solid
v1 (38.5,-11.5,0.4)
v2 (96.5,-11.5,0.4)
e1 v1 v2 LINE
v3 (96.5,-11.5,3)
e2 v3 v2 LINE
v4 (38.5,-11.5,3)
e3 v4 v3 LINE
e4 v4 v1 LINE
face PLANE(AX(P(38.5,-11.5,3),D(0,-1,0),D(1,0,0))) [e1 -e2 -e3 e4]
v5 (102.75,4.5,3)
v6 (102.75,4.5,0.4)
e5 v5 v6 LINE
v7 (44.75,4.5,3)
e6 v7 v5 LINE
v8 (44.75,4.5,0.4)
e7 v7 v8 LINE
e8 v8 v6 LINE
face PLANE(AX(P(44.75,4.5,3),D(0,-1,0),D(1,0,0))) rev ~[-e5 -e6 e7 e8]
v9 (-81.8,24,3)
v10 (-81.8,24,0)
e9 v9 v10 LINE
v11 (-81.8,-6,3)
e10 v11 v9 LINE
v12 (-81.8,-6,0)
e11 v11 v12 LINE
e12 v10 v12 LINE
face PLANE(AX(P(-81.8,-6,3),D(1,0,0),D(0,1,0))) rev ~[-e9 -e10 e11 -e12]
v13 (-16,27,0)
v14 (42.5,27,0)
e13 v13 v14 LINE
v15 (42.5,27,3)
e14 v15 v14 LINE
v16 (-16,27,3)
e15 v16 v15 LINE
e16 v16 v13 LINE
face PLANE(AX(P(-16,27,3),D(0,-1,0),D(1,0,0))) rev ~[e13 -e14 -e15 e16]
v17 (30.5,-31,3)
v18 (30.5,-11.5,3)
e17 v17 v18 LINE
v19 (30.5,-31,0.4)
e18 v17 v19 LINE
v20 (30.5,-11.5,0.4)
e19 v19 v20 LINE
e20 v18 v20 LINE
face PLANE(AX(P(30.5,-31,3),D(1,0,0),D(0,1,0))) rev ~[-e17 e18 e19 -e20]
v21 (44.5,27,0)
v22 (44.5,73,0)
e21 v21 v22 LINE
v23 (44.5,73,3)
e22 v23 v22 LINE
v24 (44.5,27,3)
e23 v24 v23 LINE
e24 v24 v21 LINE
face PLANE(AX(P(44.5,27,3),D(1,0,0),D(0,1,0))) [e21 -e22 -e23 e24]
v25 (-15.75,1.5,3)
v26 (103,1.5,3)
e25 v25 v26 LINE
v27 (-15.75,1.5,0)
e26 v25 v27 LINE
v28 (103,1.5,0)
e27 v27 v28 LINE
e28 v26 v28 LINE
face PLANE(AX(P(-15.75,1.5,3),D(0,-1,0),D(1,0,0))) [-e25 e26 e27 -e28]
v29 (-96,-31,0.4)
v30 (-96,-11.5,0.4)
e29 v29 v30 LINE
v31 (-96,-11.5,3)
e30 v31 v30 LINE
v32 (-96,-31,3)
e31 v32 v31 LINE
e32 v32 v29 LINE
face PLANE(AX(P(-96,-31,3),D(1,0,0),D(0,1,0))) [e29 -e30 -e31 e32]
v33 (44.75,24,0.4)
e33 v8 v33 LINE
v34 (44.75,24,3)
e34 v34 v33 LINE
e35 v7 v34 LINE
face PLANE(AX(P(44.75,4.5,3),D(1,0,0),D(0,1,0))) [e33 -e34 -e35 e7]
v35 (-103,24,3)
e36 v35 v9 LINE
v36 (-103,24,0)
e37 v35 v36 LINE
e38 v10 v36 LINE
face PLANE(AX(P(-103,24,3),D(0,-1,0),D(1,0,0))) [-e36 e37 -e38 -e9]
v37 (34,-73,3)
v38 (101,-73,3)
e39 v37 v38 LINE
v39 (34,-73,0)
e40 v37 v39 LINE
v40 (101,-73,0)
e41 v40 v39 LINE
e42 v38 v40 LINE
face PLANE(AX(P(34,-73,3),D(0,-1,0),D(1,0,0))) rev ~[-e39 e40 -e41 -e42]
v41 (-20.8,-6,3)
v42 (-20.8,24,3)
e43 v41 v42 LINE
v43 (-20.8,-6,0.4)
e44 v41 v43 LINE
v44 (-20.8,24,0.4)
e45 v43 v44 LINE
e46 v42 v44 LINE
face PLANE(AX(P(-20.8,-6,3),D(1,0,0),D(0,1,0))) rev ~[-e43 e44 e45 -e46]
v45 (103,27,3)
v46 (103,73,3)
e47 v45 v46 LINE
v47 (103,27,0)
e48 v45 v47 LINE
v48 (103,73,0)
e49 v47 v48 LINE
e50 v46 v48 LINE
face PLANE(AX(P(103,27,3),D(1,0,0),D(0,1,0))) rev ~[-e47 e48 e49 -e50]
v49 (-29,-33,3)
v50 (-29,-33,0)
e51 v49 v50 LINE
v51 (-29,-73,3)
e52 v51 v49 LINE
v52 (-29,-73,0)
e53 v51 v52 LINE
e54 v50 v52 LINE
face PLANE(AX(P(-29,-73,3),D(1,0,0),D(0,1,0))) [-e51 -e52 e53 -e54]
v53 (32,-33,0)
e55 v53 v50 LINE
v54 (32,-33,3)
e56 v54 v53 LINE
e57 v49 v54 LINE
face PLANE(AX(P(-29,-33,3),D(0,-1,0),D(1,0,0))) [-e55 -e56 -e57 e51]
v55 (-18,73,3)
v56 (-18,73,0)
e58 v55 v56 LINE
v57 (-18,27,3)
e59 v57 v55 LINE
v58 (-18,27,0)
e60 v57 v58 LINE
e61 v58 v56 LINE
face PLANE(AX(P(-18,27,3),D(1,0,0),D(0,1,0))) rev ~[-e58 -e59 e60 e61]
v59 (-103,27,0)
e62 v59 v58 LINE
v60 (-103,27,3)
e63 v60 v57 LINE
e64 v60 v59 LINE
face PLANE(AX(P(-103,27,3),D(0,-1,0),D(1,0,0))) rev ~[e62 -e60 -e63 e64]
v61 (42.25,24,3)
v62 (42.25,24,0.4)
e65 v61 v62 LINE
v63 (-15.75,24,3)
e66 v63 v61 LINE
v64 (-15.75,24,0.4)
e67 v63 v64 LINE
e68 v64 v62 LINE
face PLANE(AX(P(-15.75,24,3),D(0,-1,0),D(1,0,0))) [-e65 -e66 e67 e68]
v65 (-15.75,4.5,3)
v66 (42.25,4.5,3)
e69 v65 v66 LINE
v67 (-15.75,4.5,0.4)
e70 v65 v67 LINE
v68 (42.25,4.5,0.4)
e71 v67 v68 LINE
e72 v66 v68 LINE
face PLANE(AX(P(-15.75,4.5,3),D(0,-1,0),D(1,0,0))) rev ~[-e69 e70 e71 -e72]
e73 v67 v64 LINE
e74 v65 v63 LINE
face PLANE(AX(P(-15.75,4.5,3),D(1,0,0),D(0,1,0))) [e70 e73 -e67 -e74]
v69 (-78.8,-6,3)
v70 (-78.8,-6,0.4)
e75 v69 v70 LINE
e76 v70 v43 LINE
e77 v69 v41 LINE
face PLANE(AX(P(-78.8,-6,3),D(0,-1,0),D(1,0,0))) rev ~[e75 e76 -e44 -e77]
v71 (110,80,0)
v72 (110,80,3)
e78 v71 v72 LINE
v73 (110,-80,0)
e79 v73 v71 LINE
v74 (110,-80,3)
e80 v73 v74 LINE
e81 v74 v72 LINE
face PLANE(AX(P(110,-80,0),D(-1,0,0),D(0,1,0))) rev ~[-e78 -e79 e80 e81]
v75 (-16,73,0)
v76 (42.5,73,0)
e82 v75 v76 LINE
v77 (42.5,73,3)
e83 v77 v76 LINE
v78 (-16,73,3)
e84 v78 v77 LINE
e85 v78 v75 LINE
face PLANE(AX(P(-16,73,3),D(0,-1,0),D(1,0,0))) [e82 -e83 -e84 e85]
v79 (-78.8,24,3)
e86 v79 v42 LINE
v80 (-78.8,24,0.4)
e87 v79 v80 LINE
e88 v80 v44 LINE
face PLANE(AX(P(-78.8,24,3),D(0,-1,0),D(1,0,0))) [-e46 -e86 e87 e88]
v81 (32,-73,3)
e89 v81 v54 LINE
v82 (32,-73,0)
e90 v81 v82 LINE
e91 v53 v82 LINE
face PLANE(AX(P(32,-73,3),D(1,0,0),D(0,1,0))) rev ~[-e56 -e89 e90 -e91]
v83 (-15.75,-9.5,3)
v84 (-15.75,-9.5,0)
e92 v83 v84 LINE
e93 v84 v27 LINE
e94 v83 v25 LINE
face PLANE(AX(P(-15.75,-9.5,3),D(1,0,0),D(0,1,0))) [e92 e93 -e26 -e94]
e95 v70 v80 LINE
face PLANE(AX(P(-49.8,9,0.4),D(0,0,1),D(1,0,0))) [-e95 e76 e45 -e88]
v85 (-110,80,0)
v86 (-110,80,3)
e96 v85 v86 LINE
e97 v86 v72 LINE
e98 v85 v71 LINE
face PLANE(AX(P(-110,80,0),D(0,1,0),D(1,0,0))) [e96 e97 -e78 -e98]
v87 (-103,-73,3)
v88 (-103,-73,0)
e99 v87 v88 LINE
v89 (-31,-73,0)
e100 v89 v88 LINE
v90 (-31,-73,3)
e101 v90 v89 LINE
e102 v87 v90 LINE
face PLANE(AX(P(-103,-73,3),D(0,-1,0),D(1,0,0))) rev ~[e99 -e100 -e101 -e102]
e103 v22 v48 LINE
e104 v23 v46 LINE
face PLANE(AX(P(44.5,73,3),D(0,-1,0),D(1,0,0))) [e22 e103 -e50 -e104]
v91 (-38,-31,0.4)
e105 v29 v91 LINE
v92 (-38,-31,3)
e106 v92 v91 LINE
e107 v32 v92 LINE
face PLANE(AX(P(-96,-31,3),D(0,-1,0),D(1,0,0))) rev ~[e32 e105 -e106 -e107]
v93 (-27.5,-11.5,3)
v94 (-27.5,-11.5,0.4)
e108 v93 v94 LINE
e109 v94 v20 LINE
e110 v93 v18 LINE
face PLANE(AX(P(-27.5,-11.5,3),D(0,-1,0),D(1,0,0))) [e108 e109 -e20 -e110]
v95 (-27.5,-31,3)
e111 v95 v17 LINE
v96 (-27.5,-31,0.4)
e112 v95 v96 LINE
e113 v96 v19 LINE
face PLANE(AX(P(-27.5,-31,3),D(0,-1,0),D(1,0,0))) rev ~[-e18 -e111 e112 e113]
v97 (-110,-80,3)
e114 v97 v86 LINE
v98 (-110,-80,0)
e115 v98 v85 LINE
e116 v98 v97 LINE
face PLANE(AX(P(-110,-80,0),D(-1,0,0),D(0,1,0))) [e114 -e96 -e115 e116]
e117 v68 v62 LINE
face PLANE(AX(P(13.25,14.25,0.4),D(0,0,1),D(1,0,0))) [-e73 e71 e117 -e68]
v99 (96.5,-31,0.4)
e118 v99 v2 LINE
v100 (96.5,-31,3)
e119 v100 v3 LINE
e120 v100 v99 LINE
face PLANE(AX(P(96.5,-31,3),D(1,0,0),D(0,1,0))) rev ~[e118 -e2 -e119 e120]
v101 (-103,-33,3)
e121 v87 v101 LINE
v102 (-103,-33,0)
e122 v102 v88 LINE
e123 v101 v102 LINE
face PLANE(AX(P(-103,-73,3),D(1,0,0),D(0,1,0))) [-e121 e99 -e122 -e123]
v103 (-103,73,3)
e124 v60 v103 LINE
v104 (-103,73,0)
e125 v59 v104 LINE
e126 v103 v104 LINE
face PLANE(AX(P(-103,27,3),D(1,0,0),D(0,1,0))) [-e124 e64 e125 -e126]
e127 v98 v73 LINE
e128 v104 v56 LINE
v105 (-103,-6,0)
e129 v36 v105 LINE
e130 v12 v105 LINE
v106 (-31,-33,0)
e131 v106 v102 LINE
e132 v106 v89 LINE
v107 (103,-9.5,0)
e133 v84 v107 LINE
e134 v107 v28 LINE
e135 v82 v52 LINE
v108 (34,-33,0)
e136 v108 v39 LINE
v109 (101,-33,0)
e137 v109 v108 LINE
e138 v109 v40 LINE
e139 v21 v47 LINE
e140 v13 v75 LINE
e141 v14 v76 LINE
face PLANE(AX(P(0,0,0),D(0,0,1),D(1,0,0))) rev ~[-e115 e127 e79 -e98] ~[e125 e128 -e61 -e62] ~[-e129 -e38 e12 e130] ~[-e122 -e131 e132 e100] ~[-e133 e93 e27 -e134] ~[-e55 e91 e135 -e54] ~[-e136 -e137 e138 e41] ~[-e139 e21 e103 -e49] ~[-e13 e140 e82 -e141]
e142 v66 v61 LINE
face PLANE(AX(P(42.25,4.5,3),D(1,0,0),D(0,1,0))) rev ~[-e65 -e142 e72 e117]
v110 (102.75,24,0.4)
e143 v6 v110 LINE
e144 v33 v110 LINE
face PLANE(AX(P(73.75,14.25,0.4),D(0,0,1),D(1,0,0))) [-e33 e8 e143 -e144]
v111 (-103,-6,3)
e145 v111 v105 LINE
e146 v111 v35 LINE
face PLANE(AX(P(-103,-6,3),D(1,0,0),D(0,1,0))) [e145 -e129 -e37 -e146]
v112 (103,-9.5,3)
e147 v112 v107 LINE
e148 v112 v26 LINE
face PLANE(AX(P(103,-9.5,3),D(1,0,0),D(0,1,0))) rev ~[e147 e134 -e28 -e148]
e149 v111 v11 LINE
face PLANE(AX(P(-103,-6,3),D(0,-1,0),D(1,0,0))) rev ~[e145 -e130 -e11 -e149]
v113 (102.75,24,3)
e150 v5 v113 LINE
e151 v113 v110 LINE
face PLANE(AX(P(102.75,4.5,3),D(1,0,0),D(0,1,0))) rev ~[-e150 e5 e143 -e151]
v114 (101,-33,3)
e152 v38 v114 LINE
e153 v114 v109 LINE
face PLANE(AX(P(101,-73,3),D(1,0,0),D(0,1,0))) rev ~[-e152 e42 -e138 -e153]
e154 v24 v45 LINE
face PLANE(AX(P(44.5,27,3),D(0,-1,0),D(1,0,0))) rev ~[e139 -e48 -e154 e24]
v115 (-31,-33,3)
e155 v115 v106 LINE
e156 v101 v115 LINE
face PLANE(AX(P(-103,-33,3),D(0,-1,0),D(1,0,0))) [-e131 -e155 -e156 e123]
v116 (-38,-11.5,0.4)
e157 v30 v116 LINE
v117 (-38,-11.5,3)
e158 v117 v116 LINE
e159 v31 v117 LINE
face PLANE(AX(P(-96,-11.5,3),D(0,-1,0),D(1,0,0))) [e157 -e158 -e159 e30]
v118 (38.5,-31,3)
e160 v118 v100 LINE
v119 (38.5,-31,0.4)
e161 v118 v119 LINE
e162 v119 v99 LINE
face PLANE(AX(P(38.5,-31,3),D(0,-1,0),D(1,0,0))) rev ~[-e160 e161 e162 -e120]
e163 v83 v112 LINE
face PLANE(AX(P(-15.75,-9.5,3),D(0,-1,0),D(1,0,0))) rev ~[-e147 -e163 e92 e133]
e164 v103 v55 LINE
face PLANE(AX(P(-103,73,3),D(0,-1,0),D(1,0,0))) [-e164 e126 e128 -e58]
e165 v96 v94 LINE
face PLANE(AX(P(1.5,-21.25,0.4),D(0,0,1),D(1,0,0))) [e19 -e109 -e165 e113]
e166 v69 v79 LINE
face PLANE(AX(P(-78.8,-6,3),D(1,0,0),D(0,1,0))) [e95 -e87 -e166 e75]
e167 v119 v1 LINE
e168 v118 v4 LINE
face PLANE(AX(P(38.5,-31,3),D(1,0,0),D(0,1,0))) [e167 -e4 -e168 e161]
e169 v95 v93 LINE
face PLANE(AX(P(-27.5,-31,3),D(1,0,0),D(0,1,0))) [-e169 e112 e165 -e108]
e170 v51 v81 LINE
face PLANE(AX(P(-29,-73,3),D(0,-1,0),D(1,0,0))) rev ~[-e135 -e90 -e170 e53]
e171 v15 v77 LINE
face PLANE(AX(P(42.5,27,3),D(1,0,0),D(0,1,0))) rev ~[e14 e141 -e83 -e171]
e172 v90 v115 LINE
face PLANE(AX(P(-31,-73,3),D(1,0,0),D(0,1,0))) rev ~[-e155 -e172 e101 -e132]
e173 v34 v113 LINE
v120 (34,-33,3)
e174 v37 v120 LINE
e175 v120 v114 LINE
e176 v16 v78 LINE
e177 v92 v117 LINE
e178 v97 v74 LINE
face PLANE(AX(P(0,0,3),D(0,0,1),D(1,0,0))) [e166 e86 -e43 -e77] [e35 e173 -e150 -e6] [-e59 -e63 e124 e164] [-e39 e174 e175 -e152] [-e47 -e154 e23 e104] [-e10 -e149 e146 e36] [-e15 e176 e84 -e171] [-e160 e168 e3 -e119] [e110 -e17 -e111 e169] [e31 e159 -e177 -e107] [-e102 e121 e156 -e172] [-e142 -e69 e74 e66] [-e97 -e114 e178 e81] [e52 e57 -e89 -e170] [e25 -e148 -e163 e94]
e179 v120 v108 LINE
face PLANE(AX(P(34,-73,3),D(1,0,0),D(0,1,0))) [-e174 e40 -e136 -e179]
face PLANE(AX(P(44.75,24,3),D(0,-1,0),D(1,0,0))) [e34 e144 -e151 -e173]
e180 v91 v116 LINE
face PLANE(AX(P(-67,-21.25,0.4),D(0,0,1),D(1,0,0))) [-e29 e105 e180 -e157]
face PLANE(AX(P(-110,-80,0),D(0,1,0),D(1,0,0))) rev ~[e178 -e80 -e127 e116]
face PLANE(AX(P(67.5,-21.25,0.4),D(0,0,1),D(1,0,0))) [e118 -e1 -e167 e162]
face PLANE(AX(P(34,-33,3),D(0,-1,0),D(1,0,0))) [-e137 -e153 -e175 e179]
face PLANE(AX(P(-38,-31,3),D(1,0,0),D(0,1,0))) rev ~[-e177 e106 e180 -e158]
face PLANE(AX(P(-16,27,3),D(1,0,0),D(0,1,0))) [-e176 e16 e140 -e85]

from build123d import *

# Parameters (mm, degrees)
SKETCH_1_W          = 220
SKETCH_1_H          = 160
EXTRUDE_1_DEPTH     = 3
SKETCH_2_W          = 85
SKETCH_2_H          = 46
SKETCH_2_W_2        = 58.5
CUT_EXTRUDE_1_DEPTH = 137.047785723
CUT_EXTRUDE_2_REACH = 138.048
SKETCH_3_W          = 21.2
SKETCH_3_H          = 30
SKETCH_4_W          = 58
SKETCH_4_H          = 30
SKETCH_4_H_2        = 19.5
CUT_EXTRUDE_3_DEPTH = 2.6
SKETCH_6_W          = 118.75
SKETCH_6_H          = 11
CUT_EXTRUDE_4_DEPTH = 137.047785723
CUT_EXTRUDE_5_REACH = 138.048
SKETCH_7_W          = 72
SKETCH_7_H          = 40
SKETCH_7_W_2        = 61
SKETCH_7_W_3        = 67
SKETCH_8_W          = 58
SKETCH_8_H          = 19.5
CUT_EXTRUDE_6_DEPTH = 2.6


with BuildPart() as part:
    # 草图1 → 凸台-拉伸1 (new body)
    with BuildSketch(Plane.XY):
        Rectangle(SKETCH_1_W, SKETCH_1_H)
    extrude(amount=EXTRUDE_1_DEPTH)

    # 草图2 → 切除-拉伸1 (cut, through all)
    with BuildSketch(Plane.XY.offset(3)):
        with Locations((-60.5, 50)):
            Rectangle(SKETCH_2_W, SKETCH_2_H)
        with Locations((13.25, 50)):
            Rectangle(SKETCH_2_W_2, SKETCH_2_H)
        with Locations((73.75, 50)):
            Rectangle(SKETCH_2_W_2, SKETCH_2_H)
    extrude(amount=-CUT_EXTRUDE_1_DEPTH, mode=Mode.SUBTRACT)

    # 草图3 → 切除-拉伸2 (cut, up to next)
    with BuildSketch(Plane.XY.offset(3), mode=Mode.PRIVATE) as cut_extrude_2_sk1:
        with Locations((-92.4, 9)):
            Rectangle(SKETCH_3_W, SKETCH_3_H)
    cut_extrude_2_tool1 = extrude(cut_extrude_2_sk1.sketch, amount=-CUT_EXTRUDE_2_REACH, mode=Mode.PRIVATE) & part.part
    add(cut_extrude_2_tool1.solids().sort_by_distance((-92.4, 9, 3))[0], mode=Mode.SUBTRACT)

    # 草图4 → 切除-拉伸3 (cut)
    with BuildSketch(Plane.XY.offset(3)):
        with Locations((-49.8, 9)):
            Rectangle(SKETCH_4_W, SKETCH_4_H)
        with Locations((13.25, 14.25)):
            Rectangle(SKETCH_4_W, SKETCH_4_H_2)
        with Locations((73.75, 14.25)):
            Rectangle(SKETCH_4_W, SKETCH_4_H_2)
    extrude(amount=-CUT_EXTRUDE_3_DEPTH, mode=Mode.SUBTRACT)

    # 草图6 → 切除-拉伸4 (cut, through all)
    with BuildSketch(Plane.XY.offset(3)):
        with Locations((43.625, -4)):
            Rectangle(SKETCH_6_W, SKETCH_6_H)
    extrude(amount=-CUT_EXTRUDE_4_DEPTH, mode=Mode.SUBTRACT)

    # 草图7 → 切除-拉伸5 (cut, up to next)
    with BuildSketch(Plane.XY.offset(3), mode=Mode.PRIVATE) as cut_extrude_5_sk1:
        with Locations((-67, -53)):
            Rectangle(SKETCH_7_W, SKETCH_7_H)
    cut_extrude_5_tool1 = extrude(cut_extrude_5_sk1.sketch, amount=-CUT_EXTRUDE_5_REACH, mode=Mode.PRIVATE) & part.part
    # 草图7 → 切除-拉伸5 (cut, up to next)
    with BuildSketch(Plane.XY.offset(3), mode=Mode.PRIVATE) as cut_extrude_5_sk2:
        with Locations((1.5, -53)):
            Rectangle(SKETCH_7_W_2, SKETCH_7_H)
    cut_extrude_5_tool2 = extrude(cut_extrude_5_sk2.sketch, amount=-CUT_EXTRUDE_5_REACH, mode=Mode.PRIVATE) & part.part
    # 草图7 → 切除-拉伸5 (cut, up to next)
    with BuildSketch(Plane.XY.offset(3), mode=Mode.PRIVATE) as cut_extrude_5_sk3:
        with Locations((67.5, -53)):
            Rectangle(SKETCH_7_W_3, SKETCH_7_H)
    cut_extrude_5_tool3 = extrude(cut_extrude_5_sk3.sketch, amount=-CUT_EXTRUDE_5_REACH, mode=Mode.PRIVATE) & part.part
    add(cut_extrude_5_tool1.solids().sort_by_distance((-67, -53, 3))[0], mode=Mode.SUBTRACT)
    add(cut_extrude_5_tool2.solids().sort_by_distance((1.5, -53, 3))[0], mode=Mode.SUBTRACT)
    add(cut_extrude_5_tool3.solids().sort_by_distance((67.5, -53, 3))[0], mode=Mode.SUBTRACT)

    # 草图8 → 切除-拉伸6 (cut)
    with BuildSketch(Plane.XY.offset(3)):
        with Locations((-67, -21.25)):
            Rectangle(SKETCH_8_W, SKETCH_8_H)
        with Locations((1.5, -21.25)):
            Rectangle(SKETCH_8_W, SKETCH_8_H)
        with Locations((67.5, -21.25)):
            Rectangle(SKETCH_8_W, SKETCH_8_H)
    extrude(amount=-CUT_EXTRUDE_6_DEPTH, mode=Mode.SUBTRACT)


solid = part.part
